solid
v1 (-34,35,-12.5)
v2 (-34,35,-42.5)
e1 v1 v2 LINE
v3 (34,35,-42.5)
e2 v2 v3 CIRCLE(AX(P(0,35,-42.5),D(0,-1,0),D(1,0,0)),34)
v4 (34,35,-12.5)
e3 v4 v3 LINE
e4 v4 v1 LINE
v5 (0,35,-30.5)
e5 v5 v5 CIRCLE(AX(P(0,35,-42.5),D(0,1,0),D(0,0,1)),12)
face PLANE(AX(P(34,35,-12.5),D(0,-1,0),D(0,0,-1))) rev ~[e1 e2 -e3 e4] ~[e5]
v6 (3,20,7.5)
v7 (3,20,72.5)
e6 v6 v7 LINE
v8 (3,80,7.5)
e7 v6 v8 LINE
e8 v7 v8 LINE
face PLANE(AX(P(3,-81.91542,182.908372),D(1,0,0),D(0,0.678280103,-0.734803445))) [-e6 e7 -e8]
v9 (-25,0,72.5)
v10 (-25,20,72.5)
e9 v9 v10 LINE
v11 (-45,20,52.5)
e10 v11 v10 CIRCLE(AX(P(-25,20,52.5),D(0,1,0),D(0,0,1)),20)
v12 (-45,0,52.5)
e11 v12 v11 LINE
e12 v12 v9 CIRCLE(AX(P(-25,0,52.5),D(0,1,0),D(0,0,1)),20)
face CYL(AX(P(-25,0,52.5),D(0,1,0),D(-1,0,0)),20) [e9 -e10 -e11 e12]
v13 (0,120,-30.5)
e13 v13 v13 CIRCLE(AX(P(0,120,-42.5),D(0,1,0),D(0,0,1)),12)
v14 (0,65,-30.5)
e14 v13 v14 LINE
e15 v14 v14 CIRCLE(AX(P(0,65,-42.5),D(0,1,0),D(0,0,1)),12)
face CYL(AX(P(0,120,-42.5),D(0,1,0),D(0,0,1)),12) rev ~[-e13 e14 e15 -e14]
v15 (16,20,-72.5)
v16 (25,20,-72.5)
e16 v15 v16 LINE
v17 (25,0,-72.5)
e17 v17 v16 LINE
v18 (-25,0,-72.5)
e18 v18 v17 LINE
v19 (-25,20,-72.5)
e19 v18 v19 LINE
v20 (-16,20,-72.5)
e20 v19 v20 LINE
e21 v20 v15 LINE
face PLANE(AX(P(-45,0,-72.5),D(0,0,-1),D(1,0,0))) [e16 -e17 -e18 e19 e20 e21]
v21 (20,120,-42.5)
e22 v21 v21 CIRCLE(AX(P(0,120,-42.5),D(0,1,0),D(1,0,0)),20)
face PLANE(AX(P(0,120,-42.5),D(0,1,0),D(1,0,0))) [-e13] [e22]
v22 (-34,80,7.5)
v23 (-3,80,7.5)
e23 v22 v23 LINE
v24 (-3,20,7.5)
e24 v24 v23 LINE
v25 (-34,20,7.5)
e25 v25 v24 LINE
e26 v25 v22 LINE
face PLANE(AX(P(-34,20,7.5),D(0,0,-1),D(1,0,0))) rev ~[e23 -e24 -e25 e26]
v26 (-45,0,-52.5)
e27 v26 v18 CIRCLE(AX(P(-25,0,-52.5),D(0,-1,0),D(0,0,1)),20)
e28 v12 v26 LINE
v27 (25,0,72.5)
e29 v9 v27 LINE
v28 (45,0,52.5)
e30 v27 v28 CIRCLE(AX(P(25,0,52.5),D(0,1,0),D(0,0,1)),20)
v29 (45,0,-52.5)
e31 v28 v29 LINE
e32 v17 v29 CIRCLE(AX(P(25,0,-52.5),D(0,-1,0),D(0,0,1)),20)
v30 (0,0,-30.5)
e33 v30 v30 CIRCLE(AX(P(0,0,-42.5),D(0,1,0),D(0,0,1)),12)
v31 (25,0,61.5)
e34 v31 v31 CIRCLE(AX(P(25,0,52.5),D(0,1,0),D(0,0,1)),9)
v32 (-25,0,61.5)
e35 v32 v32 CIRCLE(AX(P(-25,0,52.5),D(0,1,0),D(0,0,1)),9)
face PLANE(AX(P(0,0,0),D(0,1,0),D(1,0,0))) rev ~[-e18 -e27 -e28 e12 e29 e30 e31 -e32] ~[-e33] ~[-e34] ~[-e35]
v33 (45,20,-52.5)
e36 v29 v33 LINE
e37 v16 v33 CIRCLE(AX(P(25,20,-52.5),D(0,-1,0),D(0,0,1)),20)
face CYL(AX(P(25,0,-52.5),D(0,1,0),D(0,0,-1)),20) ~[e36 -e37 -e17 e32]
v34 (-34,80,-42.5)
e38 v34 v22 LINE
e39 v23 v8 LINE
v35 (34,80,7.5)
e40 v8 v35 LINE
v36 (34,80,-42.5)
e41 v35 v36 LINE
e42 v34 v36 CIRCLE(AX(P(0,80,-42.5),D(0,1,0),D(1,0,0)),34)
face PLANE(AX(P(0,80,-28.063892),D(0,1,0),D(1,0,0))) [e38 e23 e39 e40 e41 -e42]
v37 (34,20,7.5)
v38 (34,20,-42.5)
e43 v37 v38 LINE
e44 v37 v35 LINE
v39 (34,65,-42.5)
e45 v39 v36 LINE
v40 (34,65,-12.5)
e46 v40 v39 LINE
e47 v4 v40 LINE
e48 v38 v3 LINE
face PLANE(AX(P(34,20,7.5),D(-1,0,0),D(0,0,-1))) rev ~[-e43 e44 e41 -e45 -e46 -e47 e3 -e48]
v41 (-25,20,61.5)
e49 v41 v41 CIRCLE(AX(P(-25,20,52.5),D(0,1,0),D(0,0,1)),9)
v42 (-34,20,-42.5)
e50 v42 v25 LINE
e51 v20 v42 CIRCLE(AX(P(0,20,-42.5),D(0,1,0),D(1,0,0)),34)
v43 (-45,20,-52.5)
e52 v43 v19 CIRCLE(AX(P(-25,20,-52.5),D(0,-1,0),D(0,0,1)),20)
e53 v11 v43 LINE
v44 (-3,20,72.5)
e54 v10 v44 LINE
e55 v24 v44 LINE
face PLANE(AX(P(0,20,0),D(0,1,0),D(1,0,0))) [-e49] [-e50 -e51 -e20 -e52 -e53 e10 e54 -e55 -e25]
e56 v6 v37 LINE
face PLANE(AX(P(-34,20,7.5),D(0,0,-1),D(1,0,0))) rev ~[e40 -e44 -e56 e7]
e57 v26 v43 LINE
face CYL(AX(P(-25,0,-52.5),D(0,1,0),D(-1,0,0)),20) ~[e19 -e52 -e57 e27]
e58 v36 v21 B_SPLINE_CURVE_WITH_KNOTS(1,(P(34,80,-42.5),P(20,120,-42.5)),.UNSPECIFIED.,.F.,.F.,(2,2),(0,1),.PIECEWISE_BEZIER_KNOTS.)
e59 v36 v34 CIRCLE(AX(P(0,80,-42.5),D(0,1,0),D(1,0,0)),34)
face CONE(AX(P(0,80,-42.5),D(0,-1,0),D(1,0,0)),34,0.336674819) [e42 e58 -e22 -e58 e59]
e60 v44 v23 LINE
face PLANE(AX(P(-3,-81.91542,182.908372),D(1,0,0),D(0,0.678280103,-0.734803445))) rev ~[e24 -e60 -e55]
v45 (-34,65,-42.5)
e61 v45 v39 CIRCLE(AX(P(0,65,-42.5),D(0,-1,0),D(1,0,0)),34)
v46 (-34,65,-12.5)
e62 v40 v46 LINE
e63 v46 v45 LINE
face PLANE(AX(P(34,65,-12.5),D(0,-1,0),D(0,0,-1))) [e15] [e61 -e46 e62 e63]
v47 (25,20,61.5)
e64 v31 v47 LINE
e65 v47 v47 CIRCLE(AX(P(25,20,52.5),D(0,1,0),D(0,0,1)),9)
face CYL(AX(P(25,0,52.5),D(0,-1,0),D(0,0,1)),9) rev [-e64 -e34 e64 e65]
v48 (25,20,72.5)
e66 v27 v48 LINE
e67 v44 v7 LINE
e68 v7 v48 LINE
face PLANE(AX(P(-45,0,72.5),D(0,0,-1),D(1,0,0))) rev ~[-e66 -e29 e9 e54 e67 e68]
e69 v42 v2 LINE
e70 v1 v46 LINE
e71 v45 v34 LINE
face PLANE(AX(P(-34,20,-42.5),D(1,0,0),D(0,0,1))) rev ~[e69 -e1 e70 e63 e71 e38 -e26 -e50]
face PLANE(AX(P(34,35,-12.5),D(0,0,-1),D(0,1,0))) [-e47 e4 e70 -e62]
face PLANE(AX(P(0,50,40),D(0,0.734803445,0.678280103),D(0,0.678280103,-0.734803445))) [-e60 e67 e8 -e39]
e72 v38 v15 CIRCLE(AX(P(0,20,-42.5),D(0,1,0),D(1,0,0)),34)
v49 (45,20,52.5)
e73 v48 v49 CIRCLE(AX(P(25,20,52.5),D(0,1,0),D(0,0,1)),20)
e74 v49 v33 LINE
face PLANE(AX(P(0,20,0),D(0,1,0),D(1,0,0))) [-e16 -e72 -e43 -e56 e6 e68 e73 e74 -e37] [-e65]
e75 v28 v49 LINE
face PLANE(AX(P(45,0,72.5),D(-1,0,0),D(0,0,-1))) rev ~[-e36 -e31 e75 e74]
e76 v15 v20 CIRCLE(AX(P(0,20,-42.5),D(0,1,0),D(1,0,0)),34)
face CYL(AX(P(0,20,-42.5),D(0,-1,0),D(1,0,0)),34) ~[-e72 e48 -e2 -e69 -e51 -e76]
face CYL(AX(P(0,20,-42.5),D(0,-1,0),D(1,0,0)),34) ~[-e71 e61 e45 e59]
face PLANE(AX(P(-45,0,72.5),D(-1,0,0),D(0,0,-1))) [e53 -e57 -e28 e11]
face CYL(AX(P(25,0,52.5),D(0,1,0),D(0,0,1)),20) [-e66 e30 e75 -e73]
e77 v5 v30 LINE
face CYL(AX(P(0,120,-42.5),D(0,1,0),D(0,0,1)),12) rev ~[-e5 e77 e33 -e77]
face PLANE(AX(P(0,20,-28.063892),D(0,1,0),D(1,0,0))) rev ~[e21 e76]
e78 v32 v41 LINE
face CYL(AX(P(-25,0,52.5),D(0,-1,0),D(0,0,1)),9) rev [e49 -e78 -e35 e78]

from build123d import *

# Parameters (mm, degrees)
SKETCH2_W           = 90
SKETCH2_H           = 145
SKETCH2_R           = 9
BOSS_EXTRUDE2_DEPTH = 20
FILLET1_R           = 20
FILLET2_R           = 20
BOSS_EXTRUDE3_DEPTH = 60
SKETCH4_W           = 83.251362913
SKETCH4_H           = 30
CUT_EXTRUDE1_DEPTH  = 136.98988933
SKETCH5_R           = 34
SKETCH6_R           = 20
SKETCH6_3_R         = 12
CUT_EXTRUDE2_DEPTH  = 150.255653211
RIB2_REACH          = 151.256
SKETCH9_WALL_W      = 388.970336646
SKETCH9_WALL_H      = 6


with BuildPart() as part:
    # Sketch2 → Boss-Extrude2 (new body)
    with BuildSketch(Plane(origin=(0, 0, 0), x_dir=(1, 0, 0), z_dir=(0, 1, 0))):
        Rectangle(SKETCH2_W, SKETCH2_H)
        with Locations(Location((-25, -52.5, 0), (0, 0, 270))):
            Circle(SKETCH2_R, mode=Mode.SUBTRACT)
        with Locations(Location((25, -52.5, 0), (0, 0, 270))):
            Circle(SKETCH2_R, mode=Mode.SUBTRACT)
    extrude(amount=BOSS_EXTRUDE2_DEPTH)

    # Fillet1
    fillet1_edges = [part.edges().sort_by_distance(p)[0] for p in [
        (45, 10, 72.5),
        (-45, 10, 72.5),
    ]]
    fillet(fillet1_edges, radius=FILLET1_R)

    # Fillet2
    fillet2_edges = [part.edges().sort_by_distance(p)[0] for p in [
        (-45, 10, -72.5),
        (45, 10, -72.5),
    ]]
    fillet(fillet2_edges, radius=FILLET2_R)

    # Sketch3 → Boss-Extrude3 (add)
    with BuildSketch(Plane(origin=(0, 20, 0), x_dir=(1, 0, 0), z_dir=(0, 1, 0))):
        with BuildLine():
            Line((-34, -7.5), (34, -7.5))
            Line((34, -7.5), (34, 42.5))
            ThreePointArc((34, 42.5), (0, 76.5), (-34, 42.5))
            Line((-34, 42.5), (-34, -7.5))
        make_face()
    extrude(amount=BOSS_EXTRUDE3_DEPTH)

    # Sketch4 → Cut-Extrude1 (cut, through all)
    with BuildSketch(Plane(origin=(34, 0, 0), x_dir=(0, 0, -1), z_dir=(1, 0, 0))):
        with Locations((54.125681457, 50)):
            Rectangle(SKETCH4_W, SKETCH4_H)
    extrude(amount=-CUT_EXTRUDE1_DEPTH, mode=Mode.SUBTRACT)

    # Sketch5 → Loft1 section 0
    with BuildSketch(Plane(origin=(0, 80, 0), x_dir=(1, 0, 0), z_dir=(0, 1, 0))):
        with Locations((0, 42.5)):
            Circle(SKETCH5_R)
    # Sketch6 → Loft1 section 1
    with BuildSketch(Plane(origin=(0, 120, 0), x_dir=(1, 0, 0), z_dir=(0, 1, 0))):
        with Locations((0, 42.5)):
            Circle(SKETCH6_R)
    loft()

    # Sketch6<3> → Cut-Extrude2 (cut, through all)
    with BuildSketch(Plane(origin=(0, 120, 0), x_dir=(1, 0, 0), z_dir=(0, 1, 0))):
        with Locations(Location((0, 42.5, 0), (0, 0, 270))):
            Circle(SKETCH6_3_R)
    extrude(amount=-CUT_EXTRUDE2_DEPTH, mode=Mode.SUBTRACT)

    # Sketch9 wall → Rib2 (add, up to next)
    with BuildSketch(Plane(origin=(0, 50, 40), x_dir=(0, 0.678280102733, -0.734803444627), z_dir=(0, 0.734803444627, 0.678280102733)), mode=Mode.PRIVATE) as rib2_sk1:
        Rectangle(SKETCH9_WALL_W, SKETCH9_WALL_H)
    rib2_tool1 = extrude(rib2_sk1.sketch, amount=-RIB2_REACH, mode=Mode.PRIVATE) - part.part
    add(rib2_tool1.solids().sort_by_distance((0, 50, 40))[0])


solid = part.part
